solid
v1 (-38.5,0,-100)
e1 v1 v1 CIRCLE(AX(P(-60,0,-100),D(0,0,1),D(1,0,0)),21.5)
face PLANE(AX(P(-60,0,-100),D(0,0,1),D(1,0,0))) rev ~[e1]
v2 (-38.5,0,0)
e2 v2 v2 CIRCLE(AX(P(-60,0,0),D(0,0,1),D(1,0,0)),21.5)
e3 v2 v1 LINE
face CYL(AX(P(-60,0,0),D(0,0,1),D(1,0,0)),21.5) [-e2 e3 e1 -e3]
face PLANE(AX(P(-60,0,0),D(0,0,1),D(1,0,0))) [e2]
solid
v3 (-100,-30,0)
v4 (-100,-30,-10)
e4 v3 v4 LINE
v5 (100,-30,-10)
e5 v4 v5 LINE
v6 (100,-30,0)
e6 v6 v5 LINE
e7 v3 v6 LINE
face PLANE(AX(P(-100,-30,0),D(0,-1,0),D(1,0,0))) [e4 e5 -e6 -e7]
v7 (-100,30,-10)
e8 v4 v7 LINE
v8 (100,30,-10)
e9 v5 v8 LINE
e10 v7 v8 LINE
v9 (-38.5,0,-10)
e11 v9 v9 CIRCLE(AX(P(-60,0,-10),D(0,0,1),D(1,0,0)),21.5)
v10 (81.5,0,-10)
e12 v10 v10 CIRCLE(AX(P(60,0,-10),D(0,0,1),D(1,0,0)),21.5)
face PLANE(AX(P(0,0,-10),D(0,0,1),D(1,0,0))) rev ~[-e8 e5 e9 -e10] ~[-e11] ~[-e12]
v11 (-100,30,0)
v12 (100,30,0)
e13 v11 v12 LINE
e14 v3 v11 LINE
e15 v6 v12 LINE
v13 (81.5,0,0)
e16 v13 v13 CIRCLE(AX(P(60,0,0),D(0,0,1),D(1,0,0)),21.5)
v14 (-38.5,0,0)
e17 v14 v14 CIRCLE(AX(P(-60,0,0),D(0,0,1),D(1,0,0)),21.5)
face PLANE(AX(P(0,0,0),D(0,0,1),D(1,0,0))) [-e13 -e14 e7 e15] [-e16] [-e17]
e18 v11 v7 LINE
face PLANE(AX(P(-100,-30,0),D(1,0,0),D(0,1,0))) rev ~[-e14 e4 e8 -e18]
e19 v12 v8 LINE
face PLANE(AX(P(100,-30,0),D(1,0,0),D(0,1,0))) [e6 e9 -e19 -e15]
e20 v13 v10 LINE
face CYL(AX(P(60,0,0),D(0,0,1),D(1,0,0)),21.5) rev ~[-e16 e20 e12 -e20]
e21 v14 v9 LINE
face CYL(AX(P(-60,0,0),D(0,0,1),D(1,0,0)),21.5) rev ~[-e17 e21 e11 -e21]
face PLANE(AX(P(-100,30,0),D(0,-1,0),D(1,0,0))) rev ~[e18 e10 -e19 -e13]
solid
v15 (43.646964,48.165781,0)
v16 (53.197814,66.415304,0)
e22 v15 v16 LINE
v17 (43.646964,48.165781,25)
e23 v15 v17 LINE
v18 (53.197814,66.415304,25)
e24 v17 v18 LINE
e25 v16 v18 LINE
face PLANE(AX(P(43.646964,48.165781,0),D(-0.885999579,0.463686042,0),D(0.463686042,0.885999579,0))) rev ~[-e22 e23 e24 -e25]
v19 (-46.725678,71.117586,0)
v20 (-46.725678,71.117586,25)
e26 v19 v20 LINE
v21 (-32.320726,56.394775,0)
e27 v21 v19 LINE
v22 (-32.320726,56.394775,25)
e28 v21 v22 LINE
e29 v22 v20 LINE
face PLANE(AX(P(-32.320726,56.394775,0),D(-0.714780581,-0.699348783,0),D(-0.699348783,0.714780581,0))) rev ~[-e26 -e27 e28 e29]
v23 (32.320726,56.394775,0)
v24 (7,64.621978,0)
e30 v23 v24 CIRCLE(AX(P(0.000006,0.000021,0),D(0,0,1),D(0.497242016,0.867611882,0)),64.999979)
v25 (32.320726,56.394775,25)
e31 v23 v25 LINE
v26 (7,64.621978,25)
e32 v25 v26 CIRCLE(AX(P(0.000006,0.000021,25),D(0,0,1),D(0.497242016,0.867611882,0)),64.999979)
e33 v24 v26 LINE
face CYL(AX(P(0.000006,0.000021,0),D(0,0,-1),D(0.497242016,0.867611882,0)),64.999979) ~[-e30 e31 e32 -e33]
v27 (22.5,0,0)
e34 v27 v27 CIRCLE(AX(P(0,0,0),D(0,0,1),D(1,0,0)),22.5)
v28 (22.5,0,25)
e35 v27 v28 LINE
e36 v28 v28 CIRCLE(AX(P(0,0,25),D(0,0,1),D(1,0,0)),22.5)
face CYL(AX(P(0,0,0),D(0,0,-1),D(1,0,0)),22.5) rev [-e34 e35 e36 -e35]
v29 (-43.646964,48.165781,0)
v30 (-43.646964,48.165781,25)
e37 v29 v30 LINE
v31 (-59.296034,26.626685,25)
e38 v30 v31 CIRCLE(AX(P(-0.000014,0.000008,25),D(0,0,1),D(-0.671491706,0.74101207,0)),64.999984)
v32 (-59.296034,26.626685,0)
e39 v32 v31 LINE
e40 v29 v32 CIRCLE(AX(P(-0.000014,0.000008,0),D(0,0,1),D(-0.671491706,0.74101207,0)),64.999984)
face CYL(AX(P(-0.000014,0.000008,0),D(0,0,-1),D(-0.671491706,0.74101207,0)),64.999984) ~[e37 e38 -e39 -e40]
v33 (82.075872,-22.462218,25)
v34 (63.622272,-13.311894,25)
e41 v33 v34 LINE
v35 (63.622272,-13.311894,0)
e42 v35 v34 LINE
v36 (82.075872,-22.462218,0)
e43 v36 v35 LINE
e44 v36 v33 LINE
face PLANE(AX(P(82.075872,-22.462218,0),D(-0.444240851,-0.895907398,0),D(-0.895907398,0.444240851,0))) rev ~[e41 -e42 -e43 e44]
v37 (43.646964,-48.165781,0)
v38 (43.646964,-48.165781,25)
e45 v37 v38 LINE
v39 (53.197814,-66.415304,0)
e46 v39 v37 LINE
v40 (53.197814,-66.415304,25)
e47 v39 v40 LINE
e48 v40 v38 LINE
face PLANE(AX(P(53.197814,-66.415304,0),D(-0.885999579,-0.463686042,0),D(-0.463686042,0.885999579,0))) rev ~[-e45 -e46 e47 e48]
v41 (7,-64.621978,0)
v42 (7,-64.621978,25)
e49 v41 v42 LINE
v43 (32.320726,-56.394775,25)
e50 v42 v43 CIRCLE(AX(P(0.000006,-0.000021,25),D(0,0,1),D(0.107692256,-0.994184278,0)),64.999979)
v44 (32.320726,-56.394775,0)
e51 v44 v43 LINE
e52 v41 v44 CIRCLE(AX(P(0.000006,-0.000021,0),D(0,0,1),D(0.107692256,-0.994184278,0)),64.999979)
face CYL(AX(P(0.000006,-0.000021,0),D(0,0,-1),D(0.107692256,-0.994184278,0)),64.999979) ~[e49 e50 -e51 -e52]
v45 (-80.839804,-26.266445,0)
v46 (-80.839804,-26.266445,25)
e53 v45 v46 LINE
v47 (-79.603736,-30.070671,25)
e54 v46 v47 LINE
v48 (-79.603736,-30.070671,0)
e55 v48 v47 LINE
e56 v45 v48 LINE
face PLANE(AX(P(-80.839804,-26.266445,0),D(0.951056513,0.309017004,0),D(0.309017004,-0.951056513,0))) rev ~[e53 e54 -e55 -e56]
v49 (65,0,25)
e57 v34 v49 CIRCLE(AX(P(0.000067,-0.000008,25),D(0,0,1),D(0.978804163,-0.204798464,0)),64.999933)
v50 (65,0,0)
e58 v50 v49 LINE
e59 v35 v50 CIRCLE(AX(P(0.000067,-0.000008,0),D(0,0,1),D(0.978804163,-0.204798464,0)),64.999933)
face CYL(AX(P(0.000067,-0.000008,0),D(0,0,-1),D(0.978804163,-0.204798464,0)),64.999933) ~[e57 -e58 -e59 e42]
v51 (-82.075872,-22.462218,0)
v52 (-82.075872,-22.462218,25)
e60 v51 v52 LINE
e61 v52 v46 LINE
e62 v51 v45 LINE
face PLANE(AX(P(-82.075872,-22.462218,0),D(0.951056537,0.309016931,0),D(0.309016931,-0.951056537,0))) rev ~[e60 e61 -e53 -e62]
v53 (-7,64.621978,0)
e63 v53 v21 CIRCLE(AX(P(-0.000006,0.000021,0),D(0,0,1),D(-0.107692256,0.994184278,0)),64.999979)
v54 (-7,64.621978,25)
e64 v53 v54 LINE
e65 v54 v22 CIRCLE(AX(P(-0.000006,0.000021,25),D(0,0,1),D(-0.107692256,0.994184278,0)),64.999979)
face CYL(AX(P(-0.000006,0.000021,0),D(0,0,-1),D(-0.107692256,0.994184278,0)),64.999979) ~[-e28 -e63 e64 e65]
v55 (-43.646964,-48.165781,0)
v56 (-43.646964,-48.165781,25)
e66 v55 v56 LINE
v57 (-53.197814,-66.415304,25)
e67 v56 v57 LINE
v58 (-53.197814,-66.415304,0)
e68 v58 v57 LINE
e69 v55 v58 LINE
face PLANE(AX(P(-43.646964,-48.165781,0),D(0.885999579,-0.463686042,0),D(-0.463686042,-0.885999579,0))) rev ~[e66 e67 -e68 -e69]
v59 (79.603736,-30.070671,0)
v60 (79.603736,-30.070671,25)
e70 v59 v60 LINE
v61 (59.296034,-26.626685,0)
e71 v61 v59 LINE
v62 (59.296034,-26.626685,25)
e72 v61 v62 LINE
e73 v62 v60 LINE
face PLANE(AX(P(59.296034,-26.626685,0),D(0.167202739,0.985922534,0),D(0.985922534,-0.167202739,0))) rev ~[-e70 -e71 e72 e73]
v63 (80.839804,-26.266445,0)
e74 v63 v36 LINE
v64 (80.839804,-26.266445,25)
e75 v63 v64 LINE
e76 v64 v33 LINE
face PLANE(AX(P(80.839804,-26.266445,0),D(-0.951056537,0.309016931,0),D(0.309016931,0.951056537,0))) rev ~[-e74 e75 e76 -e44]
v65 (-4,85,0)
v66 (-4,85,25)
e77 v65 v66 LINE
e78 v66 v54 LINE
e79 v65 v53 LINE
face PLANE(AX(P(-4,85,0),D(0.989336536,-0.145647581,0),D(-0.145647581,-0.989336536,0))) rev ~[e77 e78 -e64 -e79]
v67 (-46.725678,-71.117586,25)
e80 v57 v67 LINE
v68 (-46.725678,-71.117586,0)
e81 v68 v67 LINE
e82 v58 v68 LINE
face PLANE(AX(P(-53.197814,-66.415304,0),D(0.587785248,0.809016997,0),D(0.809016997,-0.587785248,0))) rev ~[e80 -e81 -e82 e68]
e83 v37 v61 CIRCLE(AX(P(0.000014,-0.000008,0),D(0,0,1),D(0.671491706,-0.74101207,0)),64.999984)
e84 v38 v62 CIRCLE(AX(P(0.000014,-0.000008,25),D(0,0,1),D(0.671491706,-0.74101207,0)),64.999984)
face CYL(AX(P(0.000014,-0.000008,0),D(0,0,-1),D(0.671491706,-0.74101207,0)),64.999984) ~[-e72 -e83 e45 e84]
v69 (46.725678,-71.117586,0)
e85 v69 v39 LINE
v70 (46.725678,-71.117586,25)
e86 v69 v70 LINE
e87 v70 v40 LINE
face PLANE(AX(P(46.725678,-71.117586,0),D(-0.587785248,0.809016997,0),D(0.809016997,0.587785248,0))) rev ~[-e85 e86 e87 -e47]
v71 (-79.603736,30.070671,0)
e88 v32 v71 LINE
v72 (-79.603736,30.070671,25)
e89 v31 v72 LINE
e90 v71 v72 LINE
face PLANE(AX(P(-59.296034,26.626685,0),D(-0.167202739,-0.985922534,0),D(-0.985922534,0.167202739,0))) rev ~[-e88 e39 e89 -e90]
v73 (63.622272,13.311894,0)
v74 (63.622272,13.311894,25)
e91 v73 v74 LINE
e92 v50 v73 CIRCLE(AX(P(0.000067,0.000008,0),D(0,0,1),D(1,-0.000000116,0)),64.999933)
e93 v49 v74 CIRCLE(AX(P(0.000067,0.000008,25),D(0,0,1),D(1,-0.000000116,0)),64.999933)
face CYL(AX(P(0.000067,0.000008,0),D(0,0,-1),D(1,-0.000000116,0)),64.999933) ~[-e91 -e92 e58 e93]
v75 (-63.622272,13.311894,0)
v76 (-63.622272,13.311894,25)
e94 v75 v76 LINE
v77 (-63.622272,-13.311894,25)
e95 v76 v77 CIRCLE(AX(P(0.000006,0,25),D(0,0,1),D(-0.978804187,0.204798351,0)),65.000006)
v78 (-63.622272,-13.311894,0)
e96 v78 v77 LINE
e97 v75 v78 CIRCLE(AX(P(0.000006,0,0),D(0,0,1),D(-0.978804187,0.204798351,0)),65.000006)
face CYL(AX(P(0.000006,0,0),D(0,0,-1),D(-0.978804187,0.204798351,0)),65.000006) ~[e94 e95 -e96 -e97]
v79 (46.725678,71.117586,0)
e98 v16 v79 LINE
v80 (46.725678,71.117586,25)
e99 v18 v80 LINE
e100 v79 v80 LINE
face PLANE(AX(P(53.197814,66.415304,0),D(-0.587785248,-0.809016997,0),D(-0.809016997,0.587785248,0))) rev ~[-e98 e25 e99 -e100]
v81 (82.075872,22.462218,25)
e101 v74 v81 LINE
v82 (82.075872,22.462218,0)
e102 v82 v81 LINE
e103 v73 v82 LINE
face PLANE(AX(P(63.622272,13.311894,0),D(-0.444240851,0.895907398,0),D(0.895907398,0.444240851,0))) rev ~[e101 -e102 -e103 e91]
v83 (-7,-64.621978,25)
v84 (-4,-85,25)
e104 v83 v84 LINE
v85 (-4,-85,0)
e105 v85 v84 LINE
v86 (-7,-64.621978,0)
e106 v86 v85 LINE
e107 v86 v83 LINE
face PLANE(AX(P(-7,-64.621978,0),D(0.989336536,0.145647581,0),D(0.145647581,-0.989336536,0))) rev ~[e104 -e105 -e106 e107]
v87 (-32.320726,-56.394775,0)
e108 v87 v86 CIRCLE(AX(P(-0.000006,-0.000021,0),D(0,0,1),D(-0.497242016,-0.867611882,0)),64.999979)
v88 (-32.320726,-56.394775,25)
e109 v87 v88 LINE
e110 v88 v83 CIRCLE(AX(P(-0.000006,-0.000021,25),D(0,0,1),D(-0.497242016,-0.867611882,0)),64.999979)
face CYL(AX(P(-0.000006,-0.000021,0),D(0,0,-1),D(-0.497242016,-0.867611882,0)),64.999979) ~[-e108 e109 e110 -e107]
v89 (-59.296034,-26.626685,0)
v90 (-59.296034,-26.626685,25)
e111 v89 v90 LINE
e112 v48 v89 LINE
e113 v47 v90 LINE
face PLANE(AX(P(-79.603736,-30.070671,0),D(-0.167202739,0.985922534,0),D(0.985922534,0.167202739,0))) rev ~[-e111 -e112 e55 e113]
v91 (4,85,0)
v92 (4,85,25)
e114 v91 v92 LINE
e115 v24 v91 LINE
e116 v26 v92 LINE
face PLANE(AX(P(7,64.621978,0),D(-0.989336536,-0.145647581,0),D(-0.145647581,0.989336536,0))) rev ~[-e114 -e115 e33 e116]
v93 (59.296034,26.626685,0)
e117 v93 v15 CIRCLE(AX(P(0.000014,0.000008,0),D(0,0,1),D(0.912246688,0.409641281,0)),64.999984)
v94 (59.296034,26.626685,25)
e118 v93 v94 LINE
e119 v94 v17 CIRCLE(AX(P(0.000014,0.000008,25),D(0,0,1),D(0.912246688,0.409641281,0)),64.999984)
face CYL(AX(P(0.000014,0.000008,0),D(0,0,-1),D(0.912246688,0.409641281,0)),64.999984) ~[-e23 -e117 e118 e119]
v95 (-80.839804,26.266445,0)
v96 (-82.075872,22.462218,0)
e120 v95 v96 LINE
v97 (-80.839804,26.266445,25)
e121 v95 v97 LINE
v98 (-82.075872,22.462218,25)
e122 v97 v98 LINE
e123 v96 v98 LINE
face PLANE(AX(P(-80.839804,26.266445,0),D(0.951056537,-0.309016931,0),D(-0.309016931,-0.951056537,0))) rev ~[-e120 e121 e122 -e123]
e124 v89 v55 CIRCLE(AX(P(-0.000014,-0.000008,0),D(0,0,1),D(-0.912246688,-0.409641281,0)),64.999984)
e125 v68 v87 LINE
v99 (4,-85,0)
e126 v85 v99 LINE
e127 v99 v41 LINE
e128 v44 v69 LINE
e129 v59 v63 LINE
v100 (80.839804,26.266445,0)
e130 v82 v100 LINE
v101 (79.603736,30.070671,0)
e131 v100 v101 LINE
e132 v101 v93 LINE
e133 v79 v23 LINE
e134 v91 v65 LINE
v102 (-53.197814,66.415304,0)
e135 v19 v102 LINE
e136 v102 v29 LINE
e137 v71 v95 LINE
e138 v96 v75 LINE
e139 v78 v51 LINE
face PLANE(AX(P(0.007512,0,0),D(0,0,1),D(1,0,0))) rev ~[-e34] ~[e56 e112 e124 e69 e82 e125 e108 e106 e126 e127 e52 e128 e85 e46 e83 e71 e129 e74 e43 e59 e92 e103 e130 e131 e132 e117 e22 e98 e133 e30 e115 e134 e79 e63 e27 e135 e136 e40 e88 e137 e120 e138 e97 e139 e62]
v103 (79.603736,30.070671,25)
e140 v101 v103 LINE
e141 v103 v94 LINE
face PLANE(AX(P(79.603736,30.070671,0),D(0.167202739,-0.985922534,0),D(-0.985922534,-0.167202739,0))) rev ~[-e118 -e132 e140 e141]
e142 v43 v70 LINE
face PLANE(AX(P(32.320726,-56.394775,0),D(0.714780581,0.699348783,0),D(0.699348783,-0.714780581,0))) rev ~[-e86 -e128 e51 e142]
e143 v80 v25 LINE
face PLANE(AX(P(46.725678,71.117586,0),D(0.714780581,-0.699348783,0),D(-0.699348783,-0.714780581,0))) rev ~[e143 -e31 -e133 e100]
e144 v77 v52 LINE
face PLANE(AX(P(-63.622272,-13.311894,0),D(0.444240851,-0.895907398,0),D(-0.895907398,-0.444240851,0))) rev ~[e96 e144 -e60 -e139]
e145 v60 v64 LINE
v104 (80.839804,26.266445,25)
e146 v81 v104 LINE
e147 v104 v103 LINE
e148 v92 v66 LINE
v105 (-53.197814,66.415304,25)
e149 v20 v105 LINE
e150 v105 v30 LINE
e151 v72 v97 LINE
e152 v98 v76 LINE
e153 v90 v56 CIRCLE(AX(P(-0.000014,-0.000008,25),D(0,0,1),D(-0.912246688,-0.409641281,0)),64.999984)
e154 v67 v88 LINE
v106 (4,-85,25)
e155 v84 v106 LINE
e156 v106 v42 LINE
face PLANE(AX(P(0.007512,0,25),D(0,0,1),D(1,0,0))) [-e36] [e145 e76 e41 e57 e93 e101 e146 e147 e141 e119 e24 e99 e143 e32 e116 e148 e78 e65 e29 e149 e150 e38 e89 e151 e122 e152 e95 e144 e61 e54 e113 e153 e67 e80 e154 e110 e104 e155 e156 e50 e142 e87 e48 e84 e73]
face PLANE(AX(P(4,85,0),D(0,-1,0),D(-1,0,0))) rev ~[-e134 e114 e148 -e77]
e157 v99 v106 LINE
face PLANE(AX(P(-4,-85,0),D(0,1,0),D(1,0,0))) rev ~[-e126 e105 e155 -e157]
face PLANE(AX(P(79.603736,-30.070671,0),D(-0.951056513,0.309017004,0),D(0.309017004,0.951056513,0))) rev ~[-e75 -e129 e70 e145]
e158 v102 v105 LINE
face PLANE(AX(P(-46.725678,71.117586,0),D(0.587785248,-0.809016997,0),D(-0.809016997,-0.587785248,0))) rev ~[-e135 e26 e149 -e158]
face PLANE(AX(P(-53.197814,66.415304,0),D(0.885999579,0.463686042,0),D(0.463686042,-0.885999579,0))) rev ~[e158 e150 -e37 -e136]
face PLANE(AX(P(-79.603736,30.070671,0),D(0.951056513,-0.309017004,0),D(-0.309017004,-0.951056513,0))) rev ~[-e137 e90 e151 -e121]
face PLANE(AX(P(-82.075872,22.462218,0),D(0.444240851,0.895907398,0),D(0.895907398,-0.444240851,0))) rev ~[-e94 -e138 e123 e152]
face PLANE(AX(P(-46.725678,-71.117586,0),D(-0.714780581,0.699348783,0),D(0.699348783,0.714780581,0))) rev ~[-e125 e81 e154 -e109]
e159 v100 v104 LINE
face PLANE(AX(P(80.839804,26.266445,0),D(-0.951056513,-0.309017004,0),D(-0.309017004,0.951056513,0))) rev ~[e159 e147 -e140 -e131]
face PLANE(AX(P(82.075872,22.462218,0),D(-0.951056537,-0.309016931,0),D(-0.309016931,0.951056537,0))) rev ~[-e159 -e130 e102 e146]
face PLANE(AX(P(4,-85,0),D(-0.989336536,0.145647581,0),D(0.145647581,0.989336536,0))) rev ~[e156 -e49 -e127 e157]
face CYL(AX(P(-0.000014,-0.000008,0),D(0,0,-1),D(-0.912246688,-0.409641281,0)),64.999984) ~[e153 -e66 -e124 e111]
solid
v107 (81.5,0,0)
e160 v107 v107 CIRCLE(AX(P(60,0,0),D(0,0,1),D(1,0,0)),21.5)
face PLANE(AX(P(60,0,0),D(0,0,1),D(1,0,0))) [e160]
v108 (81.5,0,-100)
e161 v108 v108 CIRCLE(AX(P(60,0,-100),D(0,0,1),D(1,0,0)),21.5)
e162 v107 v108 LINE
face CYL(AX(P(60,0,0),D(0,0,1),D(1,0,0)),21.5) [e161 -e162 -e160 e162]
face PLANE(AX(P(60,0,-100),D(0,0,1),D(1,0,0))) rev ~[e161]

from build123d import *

# Parameters (mm, degrees)
F0_R     = 22.5
F1_DEPTH = 25
F4_R     = 21.5
F5_DEPTH = 100
F4_W     = 200
F4_H     = 60
F6_DEPTH = 10


with BuildPart() as f1:
    # F0 (on Top) → F1 (new body)
    with BuildSketch(Plane.XY):
        with BuildLine():
            ThreePointArc((63.622272, -13.311894), (64.654651, -6.691499), (65, 0))
            ThreePointArc((65, 0), (64.654651, 6.691499), (63.622272, 13.311894))
            ThreePointArc((63.622272, 13.311894), (61.818674, 20.086105), (59.296034, 26.626685))
            ThreePointArc((59.296034, 26.626685), (52.586105, 38.206041), (43.646964, 48.165781))
            ThreePointArc((43.646964, 48.165781), (38.206041, 52.586105), (32.320726, 56.394775))
            ThreePointArc((32.320726, 56.394775), (20.086105, 61.818674), (7, 64.621978))
            ThreePointArc((7, 64.621978), (0, 65), (-7, 64.621978))
            ThreePointArc((-7, 64.621978), (-20.086105, 61.818674), (-32.320726, 56.394775))
            ThreePointArc((-32.320726, 56.394775), (-38.206041, 52.586105), (-43.646964, 48.165781))
            ThreePointArc((-43.646964, 48.165781), (-52.586105, 38.206041), (-59.296034, 26.626685))
            ThreePointArc((-59.296034, 26.626685), (-61.818674, 20.086105), (-63.622272, 13.311894))
            ThreePointArc((-63.622272, 13.311894), (-65, 0), (-63.622272, -13.311894))
            ThreePointArc((-63.622272, -13.311894), (-61.818674, -20.086105), (-59.296034, -26.626685))
            ThreePointArc((-59.296034, -26.626685), (-52.586105, -38.206041), (-43.646964, -48.165781))
            ThreePointArc((-43.646964, -48.165781), (-38.206041, -52.586105), (-32.320726, -56.394775))
            ThreePointArc((-32.320726, -56.394775), (-20.086105, -61.818674), (-7, -64.621978))
            ThreePointArc((-7, -64.621978), (0, -65), (7, -64.621978))
            ThreePointArc((7, -64.621978), (20.086105, -61.818674), (32.320726, -56.394775))
            ThreePointArc((32.320726, -56.394775), (38.206041, -52.586105), (43.646964, -48.165781))
            ThreePointArc((43.646964, -48.165781), (52.586105, -38.206041), (59.296034, -26.626685))
            ThreePointArc((59.296034, -26.626685), (61.818674, -20.086105), (63.622272, -13.311894))
        make_face()
        Circle(F0_R, mode=Mode.SUBTRACT)
        with BuildLine():
            Line((53.197814, -66.415304), (43.646964, -48.165781))
            ThreePointArc((43.646964, -48.165781), (38.206041, -52.586105), (32.320726, -56.394775))
            Line((32.320726, -56.394775), (46.725678, -71.117586))
            Line((46.725678, -71.117586), (49.961746, -68.766445))
            Line((49.961746, -68.766445), (53.197814, -66.415304))
        make_face()
        with BuildLine():
            Line((82.075872, -22.462218), (63.622272, -13.311894))
            ThreePointArc((63.622272, -13.311894), (61.818674, -20.086105), (59.296034, -26.626685))
            Line((59.296034, -26.626685), (79.603736, -30.070671))
            Line((79.603736, -30.070671), (80.839804, -26.266445))
            Line((80.839804, -26.266445), (82.075872, -22.462218))
        make_face()
        with BuildLine():
            ThreePointArc((59.296034, 26.626685), (61.818674, 20.086105), (63.622272, 13.311894))
            Line((63.622272, 13.311894), (82.075872, 22.462218))
            Line((82.075872, 22.462218), (80.839804, 26.266445))
            Line((80.839804, 26.266445), (79.603736, 30.070671))
            Line((79.603736, 30.070671), (59.296034, 26.626685))
        make_face()
        with BuildLine():
            ThreePointArc((32.320726, 56.394775), (38.206041, 52.586105), (43.646964, 48.165781))
            Line((43.646964, 48.165781), (53.197814, 66.415304))
            Line((53.197814, 66.415304), (49.961746, 68.766445))
            Line((49.961746, 68.766445), (46.725678, 71.117586))
            Line((46.725678, 71.117586), (32.320726, 56.394775))
        make_face()
        with BuildLine():
            ThreePointArc((-7, 64.621978), (0, 65), (7, 64.621978))
            Line((7, 64.621978), (4, 85))
            Line((4, 85), (0, 85))
            Line((0, 85), (-4, 85))
            Line((-4, 85), (-7, 64.621978))
        make_face()
        with BuildLine():
            ThreePointArc((-43.646964, 48.165781), (-38.206041, 52.586105), (-32.320726, 56.394775))
            Line((-32.320726, 56.394775), (-46.725678, 71.117586))
            Line((-46.725678, 71.117586), (-49.961746, 68.766445))
            Line((-49.961746, 68.766445), (-53.197814, 66.415304))
            Line((-53.197814, 66.415304), (-43.646964, 48.165781))
        make_face()
        with BuildLine():
            ThreePointArc((-63.622272, 13.311894), (-61.818674, 20.086105), (-59.296034, 26.626685))
            Line((-59.296034, 26.626685), (-79.603736, 30.070671))
            Line((-79.603736, 30.070671), (-80.839804, 26.266445))
            Line((-80.839804, 26.266445), (-82.075872, 22.462218))
            Line((-82.075872, 22.462218), (-63.622272, 13.311894))
        make_face()
        with BuildLine():
            Line((-79.603736, -30.070671), (-59.296034, -26.626685))
            ThreePointArc((-59.296034, -26.626685), (-61.818674, -20.086105), (-63.622272, -13.311894))
            Line((-63.622272, -13.311894), (-82.075872, -22.462218))
            Line((-82.075872, -22.462218), (-80.839804, -26.266445))
            Line((-80.839804, -26.266445), (-79.603736, -30.070671))
        make_face()
        with BuildLine():
            Line((-46.725678, -71.117586), (-32.320726, -56.394775))
            ThreePointArc((-32.320726, -56.394775), (-38.206041, -52.586105), (-43.646964, -48.165781))
            Line((-43.646964, -48.165781), (-53.197814, -66.415304))
            Line((-53.197814, -66.415304), (-49.961746, -68.766445))
            Line((-49.961746, -68.766445), (-46.725678, -71.117586))
        make_face()
        with BuildLine():
            Line((4, -85), (7, -64.621978))
            ThreePointArc((7, -64.621978), (0, -65), (-7, -64.621978))
            Line((-7, -64.621978), (-4, -85))
            Line((-4, -85), (0, -85))
            Line((0, -85), (4, -85))
        make_face()
    extrude(amount=F1_DEPTH)


with BuildPart() as f2_1:
    # F2: copy of F1
    add(f1.part)


with BuildPart() as f5:
    # F4 (on Top) → F5 (new body)
    with BuildSketch(Plane.XY):
        with Locations((-60, 0)):
            Circle(F4_R)
        with Locations((60, 0)):
            Circle(F4_R)
    extrude(amount=-F5_DEPTH)


with BuildPart() as f6:
    # F4 (on Top) → F6 (new body)
    with BuildSketch(Plane.XY):
        Rectangle(F4_W, F4_H)
        with Locations((-60, 0)):
            Circle(F4_R, mode=Mode.SUBTRACT)
        with Locations((60, 0)):
            Circle(F4_R, mode=Mode.SUBTRACT)
    extrude(amount=-F6_DEPTH)


solid = Compound([f1.part, f5.part, f6.part])
